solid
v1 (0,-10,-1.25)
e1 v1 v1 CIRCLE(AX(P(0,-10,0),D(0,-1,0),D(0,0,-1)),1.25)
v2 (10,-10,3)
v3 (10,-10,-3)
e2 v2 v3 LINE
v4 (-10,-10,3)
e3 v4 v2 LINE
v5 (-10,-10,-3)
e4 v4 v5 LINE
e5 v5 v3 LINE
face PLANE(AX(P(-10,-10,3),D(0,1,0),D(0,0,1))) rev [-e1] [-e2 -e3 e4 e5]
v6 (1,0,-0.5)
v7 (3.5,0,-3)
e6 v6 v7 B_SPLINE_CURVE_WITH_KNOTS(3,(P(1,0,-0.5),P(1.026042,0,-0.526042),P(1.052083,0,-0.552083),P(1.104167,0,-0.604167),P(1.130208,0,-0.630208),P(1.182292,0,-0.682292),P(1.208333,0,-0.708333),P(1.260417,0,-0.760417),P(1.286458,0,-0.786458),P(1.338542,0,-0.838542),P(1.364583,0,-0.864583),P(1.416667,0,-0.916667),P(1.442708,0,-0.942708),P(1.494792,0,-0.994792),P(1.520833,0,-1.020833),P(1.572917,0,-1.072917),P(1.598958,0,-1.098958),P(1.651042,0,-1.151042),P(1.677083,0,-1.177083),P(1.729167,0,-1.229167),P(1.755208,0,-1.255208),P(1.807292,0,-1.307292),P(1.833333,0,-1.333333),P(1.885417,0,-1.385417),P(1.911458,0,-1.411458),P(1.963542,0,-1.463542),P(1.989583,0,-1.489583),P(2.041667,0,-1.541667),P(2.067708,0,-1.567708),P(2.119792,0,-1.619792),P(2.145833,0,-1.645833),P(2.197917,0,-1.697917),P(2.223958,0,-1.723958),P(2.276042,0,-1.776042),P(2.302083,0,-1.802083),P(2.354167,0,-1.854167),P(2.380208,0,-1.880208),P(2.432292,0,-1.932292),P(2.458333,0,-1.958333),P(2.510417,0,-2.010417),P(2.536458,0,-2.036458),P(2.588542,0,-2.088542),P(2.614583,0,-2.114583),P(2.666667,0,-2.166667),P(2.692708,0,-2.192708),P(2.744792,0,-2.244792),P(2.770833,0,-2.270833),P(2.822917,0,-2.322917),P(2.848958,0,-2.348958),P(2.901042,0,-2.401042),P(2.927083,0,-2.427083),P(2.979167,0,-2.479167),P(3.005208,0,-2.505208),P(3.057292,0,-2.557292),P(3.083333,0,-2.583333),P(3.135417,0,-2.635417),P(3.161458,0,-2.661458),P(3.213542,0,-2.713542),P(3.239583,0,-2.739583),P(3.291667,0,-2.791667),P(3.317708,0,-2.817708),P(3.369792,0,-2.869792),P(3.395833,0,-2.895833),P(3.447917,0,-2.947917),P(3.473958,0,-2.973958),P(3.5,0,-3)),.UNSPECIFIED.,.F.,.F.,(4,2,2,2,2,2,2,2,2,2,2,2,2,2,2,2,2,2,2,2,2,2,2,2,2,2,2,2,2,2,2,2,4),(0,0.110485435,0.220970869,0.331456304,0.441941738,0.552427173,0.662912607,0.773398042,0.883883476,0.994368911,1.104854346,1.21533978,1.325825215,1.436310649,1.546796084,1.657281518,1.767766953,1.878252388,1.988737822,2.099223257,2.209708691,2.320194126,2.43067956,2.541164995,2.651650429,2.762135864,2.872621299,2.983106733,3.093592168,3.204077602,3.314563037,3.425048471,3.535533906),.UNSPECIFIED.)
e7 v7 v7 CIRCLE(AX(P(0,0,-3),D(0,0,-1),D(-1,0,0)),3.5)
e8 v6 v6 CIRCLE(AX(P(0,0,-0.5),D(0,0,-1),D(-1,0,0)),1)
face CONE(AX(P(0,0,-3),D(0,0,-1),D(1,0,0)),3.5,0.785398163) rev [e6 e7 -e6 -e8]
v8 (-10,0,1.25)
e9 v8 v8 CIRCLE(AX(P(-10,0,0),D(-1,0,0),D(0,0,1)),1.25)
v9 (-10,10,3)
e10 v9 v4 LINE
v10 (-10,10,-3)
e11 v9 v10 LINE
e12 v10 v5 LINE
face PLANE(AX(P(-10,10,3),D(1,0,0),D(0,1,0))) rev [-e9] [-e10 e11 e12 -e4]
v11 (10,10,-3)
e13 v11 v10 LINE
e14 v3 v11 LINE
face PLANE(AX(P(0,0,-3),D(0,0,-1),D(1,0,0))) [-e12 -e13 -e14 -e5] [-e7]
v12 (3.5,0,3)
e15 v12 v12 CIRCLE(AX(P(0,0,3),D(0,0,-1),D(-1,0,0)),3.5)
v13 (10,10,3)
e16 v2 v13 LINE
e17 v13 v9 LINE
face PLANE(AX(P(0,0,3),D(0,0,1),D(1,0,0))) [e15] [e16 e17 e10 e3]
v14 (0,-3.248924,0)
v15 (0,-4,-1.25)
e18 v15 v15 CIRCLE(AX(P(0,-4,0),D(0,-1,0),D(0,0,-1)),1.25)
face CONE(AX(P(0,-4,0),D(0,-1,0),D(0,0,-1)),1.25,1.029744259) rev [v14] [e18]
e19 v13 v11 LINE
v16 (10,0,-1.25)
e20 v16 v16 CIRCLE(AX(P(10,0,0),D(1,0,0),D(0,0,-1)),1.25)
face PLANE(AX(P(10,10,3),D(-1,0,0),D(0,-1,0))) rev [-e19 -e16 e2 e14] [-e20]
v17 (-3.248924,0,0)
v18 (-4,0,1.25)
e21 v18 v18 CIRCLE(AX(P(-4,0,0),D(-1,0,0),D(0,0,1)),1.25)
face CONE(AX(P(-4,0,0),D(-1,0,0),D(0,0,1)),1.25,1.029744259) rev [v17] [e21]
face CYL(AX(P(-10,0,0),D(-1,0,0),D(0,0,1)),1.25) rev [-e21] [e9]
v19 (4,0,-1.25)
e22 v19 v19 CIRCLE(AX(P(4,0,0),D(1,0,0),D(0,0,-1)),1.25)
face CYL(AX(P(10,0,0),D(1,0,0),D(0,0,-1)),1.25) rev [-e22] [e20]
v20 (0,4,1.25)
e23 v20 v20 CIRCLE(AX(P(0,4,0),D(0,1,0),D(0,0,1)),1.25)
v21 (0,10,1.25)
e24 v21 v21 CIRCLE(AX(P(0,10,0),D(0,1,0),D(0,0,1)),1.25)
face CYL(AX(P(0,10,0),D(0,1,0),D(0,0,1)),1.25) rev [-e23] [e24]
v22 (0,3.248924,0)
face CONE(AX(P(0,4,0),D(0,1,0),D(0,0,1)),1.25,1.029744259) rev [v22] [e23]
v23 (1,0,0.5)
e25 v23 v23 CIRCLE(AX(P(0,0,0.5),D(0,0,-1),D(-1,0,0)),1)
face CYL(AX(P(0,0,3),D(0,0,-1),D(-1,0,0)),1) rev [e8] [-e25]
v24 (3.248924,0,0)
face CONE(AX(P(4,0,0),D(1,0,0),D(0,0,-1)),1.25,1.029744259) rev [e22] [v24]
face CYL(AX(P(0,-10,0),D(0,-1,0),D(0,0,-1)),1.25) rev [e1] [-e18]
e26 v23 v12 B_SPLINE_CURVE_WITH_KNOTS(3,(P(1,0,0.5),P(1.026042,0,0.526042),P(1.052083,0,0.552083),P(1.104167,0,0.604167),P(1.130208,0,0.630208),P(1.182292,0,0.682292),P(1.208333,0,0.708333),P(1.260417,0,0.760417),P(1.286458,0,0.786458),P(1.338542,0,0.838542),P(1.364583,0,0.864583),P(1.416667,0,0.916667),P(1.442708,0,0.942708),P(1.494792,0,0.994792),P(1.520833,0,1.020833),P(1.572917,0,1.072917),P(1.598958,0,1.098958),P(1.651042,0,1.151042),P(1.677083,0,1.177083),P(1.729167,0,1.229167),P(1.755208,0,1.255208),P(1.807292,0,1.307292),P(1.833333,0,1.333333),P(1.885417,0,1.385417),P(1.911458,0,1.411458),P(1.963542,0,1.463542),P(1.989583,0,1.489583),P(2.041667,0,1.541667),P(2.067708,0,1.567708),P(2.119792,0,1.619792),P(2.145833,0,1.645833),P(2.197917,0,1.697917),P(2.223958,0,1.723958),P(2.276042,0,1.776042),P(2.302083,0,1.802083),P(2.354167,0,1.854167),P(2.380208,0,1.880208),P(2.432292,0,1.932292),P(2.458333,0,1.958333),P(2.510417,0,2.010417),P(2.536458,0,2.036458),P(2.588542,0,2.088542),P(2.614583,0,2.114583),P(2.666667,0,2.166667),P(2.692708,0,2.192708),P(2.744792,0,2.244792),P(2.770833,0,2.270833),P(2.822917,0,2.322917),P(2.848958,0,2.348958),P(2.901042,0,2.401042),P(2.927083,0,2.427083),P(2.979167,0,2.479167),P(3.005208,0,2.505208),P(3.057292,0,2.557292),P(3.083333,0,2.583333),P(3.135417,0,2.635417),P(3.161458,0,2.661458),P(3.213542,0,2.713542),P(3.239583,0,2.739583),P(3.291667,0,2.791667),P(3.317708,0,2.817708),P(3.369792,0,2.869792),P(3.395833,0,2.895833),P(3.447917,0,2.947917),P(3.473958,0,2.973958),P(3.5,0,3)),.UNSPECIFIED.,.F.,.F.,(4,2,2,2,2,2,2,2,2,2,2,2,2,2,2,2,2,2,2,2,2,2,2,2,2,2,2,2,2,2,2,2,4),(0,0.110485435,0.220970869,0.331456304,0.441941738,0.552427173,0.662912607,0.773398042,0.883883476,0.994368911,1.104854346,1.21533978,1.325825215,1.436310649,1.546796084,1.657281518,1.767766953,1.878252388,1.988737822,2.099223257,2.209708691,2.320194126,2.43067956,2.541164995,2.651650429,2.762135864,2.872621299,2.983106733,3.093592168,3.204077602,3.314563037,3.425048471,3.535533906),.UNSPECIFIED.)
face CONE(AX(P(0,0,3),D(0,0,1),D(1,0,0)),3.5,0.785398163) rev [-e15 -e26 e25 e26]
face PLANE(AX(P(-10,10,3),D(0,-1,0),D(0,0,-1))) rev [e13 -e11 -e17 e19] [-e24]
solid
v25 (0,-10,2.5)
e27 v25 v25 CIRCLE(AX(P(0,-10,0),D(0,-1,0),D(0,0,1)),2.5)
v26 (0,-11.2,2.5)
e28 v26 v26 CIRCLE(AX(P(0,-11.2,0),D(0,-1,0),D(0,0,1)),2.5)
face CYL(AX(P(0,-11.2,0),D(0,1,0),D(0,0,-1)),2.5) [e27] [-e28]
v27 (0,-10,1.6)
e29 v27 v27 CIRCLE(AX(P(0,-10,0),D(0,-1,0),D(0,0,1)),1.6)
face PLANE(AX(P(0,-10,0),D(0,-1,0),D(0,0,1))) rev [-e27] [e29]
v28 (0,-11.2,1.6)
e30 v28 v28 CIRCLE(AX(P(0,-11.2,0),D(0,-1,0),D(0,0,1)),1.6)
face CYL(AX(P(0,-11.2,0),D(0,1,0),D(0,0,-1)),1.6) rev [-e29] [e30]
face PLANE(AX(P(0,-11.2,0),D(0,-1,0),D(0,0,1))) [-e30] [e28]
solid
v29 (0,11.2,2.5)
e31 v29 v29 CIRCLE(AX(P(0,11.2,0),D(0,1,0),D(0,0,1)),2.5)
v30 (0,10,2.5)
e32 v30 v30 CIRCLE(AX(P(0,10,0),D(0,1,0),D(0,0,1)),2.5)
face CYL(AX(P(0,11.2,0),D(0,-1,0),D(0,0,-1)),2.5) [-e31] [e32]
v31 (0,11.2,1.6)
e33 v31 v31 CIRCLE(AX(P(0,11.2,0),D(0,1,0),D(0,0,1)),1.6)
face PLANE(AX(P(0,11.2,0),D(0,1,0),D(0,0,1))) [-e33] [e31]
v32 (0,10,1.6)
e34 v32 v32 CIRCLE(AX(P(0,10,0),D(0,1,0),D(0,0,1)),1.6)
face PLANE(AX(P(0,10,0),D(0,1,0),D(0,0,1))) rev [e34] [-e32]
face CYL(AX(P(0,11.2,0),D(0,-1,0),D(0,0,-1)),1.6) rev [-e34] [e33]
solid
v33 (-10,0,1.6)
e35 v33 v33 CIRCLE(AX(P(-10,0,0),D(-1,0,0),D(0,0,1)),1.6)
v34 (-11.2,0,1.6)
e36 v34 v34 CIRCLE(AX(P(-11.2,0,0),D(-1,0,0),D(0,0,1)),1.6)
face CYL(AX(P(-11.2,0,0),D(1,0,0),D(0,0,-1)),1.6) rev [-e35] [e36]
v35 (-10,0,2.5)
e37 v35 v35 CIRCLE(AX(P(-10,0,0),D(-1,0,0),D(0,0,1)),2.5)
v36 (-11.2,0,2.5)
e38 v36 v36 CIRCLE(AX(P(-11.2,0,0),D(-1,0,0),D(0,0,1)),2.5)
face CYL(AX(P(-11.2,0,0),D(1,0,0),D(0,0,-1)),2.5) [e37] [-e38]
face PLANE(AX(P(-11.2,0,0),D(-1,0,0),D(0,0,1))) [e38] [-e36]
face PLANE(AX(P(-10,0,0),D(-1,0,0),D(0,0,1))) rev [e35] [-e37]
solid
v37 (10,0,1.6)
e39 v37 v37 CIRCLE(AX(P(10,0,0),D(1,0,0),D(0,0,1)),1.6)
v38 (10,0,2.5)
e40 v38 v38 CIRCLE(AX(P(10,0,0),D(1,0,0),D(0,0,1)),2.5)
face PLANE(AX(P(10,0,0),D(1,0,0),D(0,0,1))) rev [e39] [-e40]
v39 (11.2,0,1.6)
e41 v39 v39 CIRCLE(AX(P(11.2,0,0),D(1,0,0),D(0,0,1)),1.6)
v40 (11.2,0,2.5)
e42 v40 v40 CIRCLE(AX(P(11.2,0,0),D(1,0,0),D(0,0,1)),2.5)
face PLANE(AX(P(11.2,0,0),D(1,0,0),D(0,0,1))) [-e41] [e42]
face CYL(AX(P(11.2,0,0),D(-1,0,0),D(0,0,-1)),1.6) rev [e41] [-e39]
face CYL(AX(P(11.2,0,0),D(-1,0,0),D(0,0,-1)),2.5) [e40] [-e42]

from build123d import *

# Parameters (mm, degrees)
SKETCH_1_W               = 20
SKETCH_1_H               = 20
SKETCH_1_R               = 1
EXTRUDE_1_DEPTH          = 3
PATTERN_CIRCULAR_1_COUNT = 4
SKETCH_6_R               = 2.5
SKETCH_6_R_2             = 1.6
EXTRUDE_2_DEPTH          = 1.2
PATTERN_CIRCULAR_2_COUNT = 4


with BuildPart() as part:
    # ｽｹｯﾁ1 → ﾎﾞｽ - 押し出し1 (new body)
    with BuildSketch(Plane.XY):
        Rectangle(SKETCH_1_W, SKETCH_1_H)
        Circle(SKETCH_1_R, mode=Mode.SUBTRACT)
    extrude(amount=EXTRUDE_1_DEPTH)

    # ｽｹｯﾁ2 → ｶｯﾄ - 回転1 (revolve, cut)
    with BuildSketch(Plane(origin=(0, 0, 0), x_dir=(1, 0, 0), z_dir=(0, 1, 0))):
        Polygon((1, -0.5), (0, -0.5), (0, -3), (3.5, -3), align=None)
    revolve(axis=Axis((0, 0, 0.5), (0, 0, 1)), mode=Mode.SUBTRACT)

    # ﾐﾗｰ1: part across plane


with BuildPart() as part_1:
    add(part.part)
    add(part.part.mirror(Plane.XY))

    # ｽｹｯﾁ5 → M3x0.5 ねじ穴1 (revolve, cut)
    with BuildSketch(Plane(origin=(-10, 0, 0), x_dir=(0, 0, 1), z_dir=(0, 1, 0))):
        Polygon((0, 0), (0, 6.751075774), (1.25, 6), (1.25, 0), align=None)
    m3x0_5_1 = revolve(axis=Axis((-16.35, 0, 0), (1, 0, 0)), mode=Mode.SUBTRACT)

    # 円形ﾊﾟﾀｰﾝ1: M3x0.5 ねじ穴1 ×4 about axis
    pattern_circular_1_axis = Axis((0, 0, 3), (0, 0, -1))
    for i in range(1, PATTERN_CIRCULAR_1_COUNT):
        add(m3x0_5_1.rotate(pattern_circular_1_axis, i * 360 / PATTERN_CIRCULAR_1_COUNT), mode=Mode.SUBTRACT)


with BuildPart() as body_2:
    # ｽｹｯﾁ6 → ﾎﾞｽ - 押し出し2 (new body)
    with BuildSketch(Plane(origin=(0, 10, 0), x_dir=(1, 0, 0), z_dir=(0, 1, 0))):
        with Locations(Location((0, 0, 0), (0, 0, 270))):
            Circle(SKETCH_6_R)
        with Locations(Location((0, 0, 0), (0, 0, 270))):
            Circle(SKETCH_6_R_2, mode=Mode.SUBTRACT)
    extrude(amount=EXTRUDE_2_DEPTH)


with BuildPart() as pattern_circular_2_1:
    # 円形ﾊﾟﾀｰﾝ2: pattern copy
    add(body_2.part.rotate(Axis((0, 0, 0), (0, 0, 1)), 1 * 360 / PATTERN_CIRCULAR_2_COUNT))


with BuildPart() as pattern_circular_2_2:
    # 円形ﾊﾟﾀｰﾝ2: pattern copy
    add(body_2.part.rotate(Axis((0, 0, 0), (0, 0, 1)), 2 * 360 / PATTERN_CIRCULAR_2_COUNT))


with BuildPart() as pattern_circular_2_3:
    # 円形ﾊﾟﾀｰﾝ2: pattern copy
    add(body_2.part.rotate(Axis((0, 0, 0), (0, 0, 1)), 3 * 360 / PATTERN_CIRCULAR_2_COUNT))


solid = Compound([part_1.part, body_2.part, pattern_circular_2_1.part, pattern_circular_2_2.part, pattern_circular_2_3.part])
